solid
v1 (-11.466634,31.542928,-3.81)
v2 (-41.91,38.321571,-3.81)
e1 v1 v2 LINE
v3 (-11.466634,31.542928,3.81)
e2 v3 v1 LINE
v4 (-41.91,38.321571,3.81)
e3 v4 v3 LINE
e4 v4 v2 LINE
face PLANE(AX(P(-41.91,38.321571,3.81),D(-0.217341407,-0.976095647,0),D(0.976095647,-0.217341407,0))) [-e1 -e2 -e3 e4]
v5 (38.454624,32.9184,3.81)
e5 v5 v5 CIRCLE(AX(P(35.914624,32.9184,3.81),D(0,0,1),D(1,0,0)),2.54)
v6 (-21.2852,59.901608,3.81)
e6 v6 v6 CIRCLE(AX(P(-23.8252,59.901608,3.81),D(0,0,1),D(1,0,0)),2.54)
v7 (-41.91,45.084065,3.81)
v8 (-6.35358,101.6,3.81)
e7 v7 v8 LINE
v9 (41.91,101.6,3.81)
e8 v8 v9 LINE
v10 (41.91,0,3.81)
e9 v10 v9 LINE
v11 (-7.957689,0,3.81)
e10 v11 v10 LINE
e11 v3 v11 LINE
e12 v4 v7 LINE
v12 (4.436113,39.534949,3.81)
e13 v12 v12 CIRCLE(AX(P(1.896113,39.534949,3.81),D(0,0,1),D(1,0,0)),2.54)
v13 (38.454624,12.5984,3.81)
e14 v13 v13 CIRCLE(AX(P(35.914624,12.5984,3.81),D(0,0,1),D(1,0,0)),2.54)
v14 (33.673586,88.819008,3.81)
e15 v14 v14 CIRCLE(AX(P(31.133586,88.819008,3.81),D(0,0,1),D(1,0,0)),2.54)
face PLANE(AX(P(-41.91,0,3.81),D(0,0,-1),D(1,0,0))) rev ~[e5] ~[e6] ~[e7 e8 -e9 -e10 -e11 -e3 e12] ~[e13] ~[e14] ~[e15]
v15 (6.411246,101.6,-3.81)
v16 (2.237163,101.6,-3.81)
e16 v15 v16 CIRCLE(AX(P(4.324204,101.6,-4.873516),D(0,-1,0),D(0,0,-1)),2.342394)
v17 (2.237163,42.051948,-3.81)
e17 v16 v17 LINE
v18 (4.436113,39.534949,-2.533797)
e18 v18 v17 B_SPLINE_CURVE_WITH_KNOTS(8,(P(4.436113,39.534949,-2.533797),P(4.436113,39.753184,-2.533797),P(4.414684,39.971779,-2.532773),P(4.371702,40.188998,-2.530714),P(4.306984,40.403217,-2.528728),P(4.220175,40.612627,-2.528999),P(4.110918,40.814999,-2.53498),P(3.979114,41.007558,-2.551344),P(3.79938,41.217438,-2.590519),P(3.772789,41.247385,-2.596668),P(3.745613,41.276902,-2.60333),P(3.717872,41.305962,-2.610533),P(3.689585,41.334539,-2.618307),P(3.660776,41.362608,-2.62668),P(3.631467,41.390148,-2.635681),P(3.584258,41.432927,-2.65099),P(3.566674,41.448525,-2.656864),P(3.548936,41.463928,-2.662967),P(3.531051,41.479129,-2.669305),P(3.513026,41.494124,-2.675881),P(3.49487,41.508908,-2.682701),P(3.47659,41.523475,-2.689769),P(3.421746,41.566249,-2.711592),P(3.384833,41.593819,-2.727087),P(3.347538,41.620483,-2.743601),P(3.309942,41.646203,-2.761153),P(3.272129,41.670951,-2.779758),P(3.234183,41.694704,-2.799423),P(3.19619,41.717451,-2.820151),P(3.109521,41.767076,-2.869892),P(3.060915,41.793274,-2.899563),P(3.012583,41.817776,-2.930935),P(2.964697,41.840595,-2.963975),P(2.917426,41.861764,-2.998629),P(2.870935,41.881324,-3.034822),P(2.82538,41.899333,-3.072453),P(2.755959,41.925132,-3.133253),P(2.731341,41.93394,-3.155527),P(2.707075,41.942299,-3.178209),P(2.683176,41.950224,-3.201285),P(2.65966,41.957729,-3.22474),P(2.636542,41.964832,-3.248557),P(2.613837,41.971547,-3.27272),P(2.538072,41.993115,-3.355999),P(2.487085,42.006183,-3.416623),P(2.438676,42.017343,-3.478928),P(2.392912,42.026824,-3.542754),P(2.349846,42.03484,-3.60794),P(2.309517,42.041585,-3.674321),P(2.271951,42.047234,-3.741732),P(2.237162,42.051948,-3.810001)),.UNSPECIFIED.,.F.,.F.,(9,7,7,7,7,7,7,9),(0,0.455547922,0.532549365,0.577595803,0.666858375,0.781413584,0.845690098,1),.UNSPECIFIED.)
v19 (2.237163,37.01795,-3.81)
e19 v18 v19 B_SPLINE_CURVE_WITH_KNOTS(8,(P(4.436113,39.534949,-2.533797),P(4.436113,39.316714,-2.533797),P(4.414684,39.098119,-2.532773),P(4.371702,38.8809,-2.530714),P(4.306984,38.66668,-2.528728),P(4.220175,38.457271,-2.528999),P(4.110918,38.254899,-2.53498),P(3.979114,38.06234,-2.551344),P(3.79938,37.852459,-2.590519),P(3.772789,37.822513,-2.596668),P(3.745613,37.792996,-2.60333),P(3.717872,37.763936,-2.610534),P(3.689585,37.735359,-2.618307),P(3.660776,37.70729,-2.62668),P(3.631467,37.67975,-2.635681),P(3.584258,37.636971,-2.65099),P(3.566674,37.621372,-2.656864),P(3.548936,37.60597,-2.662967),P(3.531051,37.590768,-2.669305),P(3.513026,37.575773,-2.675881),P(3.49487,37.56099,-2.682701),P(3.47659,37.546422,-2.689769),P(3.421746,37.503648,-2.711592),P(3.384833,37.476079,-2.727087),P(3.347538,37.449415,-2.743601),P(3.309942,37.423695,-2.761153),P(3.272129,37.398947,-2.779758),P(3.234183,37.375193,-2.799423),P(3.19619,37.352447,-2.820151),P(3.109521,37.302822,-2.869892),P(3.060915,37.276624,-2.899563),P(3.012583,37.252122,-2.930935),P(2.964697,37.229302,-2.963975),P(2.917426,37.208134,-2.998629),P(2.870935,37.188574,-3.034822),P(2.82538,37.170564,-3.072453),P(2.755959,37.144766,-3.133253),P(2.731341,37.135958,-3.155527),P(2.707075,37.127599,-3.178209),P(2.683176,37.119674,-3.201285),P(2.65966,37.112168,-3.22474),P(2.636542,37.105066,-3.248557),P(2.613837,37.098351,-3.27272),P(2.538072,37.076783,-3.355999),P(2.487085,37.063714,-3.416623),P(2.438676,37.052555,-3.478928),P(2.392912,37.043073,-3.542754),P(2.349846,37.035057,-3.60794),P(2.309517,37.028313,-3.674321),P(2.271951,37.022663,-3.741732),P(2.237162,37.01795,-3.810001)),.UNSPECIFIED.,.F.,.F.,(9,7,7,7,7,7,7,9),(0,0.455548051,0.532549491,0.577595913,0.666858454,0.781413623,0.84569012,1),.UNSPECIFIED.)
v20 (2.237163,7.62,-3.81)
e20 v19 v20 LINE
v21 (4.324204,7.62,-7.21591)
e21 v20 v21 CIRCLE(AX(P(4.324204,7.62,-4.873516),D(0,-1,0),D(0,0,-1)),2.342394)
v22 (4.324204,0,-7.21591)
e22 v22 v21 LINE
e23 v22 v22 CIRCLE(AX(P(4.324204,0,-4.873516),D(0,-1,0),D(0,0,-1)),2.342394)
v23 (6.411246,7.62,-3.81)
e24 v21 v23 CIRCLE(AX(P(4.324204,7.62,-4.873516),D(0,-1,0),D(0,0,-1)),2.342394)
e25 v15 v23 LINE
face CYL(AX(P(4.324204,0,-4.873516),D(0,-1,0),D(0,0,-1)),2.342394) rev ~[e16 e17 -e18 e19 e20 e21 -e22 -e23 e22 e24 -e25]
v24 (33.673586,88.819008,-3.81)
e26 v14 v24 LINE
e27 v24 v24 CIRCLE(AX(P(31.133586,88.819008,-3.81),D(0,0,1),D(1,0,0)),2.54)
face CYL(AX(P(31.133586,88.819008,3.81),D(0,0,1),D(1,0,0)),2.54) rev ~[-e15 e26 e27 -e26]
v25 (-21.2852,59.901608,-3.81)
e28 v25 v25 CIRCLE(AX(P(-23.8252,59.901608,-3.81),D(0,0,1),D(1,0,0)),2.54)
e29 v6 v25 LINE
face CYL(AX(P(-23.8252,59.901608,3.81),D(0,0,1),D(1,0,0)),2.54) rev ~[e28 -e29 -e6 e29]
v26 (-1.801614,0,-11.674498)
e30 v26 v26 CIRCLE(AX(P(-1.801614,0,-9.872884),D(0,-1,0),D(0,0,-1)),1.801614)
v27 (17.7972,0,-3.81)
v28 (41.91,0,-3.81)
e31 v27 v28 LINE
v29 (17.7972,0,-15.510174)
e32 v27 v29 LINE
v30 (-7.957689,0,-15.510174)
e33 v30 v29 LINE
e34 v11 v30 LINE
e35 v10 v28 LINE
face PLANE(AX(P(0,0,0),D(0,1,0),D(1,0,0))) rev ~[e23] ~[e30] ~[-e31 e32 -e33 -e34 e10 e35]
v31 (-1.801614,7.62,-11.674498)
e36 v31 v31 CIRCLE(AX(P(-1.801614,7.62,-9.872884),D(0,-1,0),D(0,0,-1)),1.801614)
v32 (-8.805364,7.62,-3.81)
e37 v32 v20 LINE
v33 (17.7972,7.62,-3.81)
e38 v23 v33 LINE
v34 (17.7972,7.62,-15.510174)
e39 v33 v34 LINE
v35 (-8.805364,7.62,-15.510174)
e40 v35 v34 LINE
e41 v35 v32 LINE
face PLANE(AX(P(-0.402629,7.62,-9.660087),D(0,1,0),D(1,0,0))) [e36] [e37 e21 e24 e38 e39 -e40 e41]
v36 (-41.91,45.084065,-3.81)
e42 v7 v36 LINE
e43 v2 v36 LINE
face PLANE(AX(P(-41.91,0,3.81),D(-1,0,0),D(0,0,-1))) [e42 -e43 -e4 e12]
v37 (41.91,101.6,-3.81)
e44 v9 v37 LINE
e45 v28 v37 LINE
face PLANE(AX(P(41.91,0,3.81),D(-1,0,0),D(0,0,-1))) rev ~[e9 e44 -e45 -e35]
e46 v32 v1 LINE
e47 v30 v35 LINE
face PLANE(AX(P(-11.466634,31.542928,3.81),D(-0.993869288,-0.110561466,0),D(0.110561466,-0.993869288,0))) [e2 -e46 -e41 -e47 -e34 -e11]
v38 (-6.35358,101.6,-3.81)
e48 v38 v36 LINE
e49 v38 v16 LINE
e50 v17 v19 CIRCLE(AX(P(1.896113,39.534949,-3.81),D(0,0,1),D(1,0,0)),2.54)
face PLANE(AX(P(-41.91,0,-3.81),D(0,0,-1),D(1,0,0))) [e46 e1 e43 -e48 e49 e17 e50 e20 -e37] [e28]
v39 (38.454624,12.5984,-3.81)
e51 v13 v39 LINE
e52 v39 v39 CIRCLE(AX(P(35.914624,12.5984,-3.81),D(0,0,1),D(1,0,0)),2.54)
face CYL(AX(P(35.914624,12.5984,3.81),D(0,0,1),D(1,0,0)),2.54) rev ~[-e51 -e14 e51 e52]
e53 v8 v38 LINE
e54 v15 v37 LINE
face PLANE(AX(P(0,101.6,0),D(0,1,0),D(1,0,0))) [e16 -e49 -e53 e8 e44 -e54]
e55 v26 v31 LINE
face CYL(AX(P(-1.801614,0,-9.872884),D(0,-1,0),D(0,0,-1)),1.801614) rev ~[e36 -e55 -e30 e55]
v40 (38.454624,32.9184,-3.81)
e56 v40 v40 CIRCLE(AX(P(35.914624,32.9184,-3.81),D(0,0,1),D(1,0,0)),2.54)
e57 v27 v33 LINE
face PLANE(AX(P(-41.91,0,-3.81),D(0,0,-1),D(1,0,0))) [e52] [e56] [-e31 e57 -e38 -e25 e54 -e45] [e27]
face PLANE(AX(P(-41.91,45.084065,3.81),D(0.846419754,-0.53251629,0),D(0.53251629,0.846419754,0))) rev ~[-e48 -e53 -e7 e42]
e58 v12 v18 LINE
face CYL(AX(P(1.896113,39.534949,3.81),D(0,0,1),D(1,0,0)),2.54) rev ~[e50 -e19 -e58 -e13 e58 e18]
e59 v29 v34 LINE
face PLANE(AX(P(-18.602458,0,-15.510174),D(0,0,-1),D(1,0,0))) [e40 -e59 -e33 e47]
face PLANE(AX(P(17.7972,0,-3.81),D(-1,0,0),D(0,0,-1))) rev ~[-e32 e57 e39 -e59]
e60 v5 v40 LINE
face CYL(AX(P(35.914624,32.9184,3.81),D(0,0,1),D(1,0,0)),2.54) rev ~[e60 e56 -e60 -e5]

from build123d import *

# Parameters (mm, degrees)
BOSS_EXTRUDE1_DEPTH = 101.6
SKETCH1_3_W         = 36.399658141
SKETCH1_3_H         = 11.700173665
BOSS_EXTRUDE2_DEPTH = 7.62
SKETCH2_R           = 2.54
CUT_EXTRUDE1_DEPTH  = 112.58977198
SKETCH4_R           = 2.342393744
SKETCH4_R_2         = 1.801613949
SKETCH4_R_3         = 2.035024278
SKETCH4_R_4         = 2.216848317
CUT_EXTRUDE2_DEPTH  = 111.993574531


with BuildPart() as part:
    # Sketch1 → Boss-Extrude1 (new body)
    with BuildSketch(Plane(origin=(0, 0, 0), x_dir=(1, 0, 0), z_dir=(0, 1, 0))):
        Polygon((-41.91, -3.81), (-18.602457664, -3.81), (17.797200477, -3.81), (41.91, -3.81), (41.91, 3.81), (17.797200477, 3.81), (-18.602457664, 3.81), (-41.91, 3.81), align=None)
    extrude(amount=BOSS_EXTRUDE1_DEPTH)

    # Sketch1<3> → Boss-Extrude2 (add)
    with BuildSketch(Plane(origin=(0, 0, 0), x_dir=(1, 0, 0), z_dir=(0, 1, 0))):
        with Locations((-0.402628594, 9.660086833)):
            Rectangle(SKETCH1_3_W, SKETCH1_3_H)
    extrude(amount=BOSS_EXTRUDE2_DEPTH)

    # Sketch2 → Cut-Extrude1 (cut, through all)
    with BuildSketch(Plane.XY.offset(3.81)):
        with Locations((-23.8252, 59.901607654)):
            Circle(SKETCH2_R)
        with Locations((31.13358591, 88.819007782)):
            Circle(SKETCH2_R)
        with Locations((1.896113018, 39.534948803)):
            Circle(SKETCH2_R)
        with Locations((35.914623783, 12.5984)):
            Circle(SKETCH2_R)
        with Locations((35.914623783, 32.9184)):
            Circle(SKETCH2_R)
        Polygon((-41.91, 45.084065347), (-6.353580499, 101.6), (-41.91, 101.6), align=None)
        Polygon((-41.91, 38.321571432), (-11.466633524, 31.542928235), (-7.95768881, 0), (-41.91, 0), align=None)
    extrude(amount=-CUT_EXTRUDE1_DEPTH, mode=Mode.SUBTRACT)

    # Sketch4 → Cut-Extrude2 (cut, through all)
    with BuildSketch(Plane.XZ):
        with Locations((4.32420412, -4.873516041)):
            Circle(SKETCH4_R)
        with Locations((-1.801613949, -9.872883882)):
            Circle(SKETCH4_R_2)
        with Locations((-11.131176948, -7.373516021)):
            Circle(SKETCH4_R_3)
        with Locations((-14.801613949, -10.542756863)):
            Circle(SKETCH4_R_4)
    extrude(amount=-CUT_EXTRUDE2_DEPTH, mode=Mode.SUBTRACT)


solid = part.part
